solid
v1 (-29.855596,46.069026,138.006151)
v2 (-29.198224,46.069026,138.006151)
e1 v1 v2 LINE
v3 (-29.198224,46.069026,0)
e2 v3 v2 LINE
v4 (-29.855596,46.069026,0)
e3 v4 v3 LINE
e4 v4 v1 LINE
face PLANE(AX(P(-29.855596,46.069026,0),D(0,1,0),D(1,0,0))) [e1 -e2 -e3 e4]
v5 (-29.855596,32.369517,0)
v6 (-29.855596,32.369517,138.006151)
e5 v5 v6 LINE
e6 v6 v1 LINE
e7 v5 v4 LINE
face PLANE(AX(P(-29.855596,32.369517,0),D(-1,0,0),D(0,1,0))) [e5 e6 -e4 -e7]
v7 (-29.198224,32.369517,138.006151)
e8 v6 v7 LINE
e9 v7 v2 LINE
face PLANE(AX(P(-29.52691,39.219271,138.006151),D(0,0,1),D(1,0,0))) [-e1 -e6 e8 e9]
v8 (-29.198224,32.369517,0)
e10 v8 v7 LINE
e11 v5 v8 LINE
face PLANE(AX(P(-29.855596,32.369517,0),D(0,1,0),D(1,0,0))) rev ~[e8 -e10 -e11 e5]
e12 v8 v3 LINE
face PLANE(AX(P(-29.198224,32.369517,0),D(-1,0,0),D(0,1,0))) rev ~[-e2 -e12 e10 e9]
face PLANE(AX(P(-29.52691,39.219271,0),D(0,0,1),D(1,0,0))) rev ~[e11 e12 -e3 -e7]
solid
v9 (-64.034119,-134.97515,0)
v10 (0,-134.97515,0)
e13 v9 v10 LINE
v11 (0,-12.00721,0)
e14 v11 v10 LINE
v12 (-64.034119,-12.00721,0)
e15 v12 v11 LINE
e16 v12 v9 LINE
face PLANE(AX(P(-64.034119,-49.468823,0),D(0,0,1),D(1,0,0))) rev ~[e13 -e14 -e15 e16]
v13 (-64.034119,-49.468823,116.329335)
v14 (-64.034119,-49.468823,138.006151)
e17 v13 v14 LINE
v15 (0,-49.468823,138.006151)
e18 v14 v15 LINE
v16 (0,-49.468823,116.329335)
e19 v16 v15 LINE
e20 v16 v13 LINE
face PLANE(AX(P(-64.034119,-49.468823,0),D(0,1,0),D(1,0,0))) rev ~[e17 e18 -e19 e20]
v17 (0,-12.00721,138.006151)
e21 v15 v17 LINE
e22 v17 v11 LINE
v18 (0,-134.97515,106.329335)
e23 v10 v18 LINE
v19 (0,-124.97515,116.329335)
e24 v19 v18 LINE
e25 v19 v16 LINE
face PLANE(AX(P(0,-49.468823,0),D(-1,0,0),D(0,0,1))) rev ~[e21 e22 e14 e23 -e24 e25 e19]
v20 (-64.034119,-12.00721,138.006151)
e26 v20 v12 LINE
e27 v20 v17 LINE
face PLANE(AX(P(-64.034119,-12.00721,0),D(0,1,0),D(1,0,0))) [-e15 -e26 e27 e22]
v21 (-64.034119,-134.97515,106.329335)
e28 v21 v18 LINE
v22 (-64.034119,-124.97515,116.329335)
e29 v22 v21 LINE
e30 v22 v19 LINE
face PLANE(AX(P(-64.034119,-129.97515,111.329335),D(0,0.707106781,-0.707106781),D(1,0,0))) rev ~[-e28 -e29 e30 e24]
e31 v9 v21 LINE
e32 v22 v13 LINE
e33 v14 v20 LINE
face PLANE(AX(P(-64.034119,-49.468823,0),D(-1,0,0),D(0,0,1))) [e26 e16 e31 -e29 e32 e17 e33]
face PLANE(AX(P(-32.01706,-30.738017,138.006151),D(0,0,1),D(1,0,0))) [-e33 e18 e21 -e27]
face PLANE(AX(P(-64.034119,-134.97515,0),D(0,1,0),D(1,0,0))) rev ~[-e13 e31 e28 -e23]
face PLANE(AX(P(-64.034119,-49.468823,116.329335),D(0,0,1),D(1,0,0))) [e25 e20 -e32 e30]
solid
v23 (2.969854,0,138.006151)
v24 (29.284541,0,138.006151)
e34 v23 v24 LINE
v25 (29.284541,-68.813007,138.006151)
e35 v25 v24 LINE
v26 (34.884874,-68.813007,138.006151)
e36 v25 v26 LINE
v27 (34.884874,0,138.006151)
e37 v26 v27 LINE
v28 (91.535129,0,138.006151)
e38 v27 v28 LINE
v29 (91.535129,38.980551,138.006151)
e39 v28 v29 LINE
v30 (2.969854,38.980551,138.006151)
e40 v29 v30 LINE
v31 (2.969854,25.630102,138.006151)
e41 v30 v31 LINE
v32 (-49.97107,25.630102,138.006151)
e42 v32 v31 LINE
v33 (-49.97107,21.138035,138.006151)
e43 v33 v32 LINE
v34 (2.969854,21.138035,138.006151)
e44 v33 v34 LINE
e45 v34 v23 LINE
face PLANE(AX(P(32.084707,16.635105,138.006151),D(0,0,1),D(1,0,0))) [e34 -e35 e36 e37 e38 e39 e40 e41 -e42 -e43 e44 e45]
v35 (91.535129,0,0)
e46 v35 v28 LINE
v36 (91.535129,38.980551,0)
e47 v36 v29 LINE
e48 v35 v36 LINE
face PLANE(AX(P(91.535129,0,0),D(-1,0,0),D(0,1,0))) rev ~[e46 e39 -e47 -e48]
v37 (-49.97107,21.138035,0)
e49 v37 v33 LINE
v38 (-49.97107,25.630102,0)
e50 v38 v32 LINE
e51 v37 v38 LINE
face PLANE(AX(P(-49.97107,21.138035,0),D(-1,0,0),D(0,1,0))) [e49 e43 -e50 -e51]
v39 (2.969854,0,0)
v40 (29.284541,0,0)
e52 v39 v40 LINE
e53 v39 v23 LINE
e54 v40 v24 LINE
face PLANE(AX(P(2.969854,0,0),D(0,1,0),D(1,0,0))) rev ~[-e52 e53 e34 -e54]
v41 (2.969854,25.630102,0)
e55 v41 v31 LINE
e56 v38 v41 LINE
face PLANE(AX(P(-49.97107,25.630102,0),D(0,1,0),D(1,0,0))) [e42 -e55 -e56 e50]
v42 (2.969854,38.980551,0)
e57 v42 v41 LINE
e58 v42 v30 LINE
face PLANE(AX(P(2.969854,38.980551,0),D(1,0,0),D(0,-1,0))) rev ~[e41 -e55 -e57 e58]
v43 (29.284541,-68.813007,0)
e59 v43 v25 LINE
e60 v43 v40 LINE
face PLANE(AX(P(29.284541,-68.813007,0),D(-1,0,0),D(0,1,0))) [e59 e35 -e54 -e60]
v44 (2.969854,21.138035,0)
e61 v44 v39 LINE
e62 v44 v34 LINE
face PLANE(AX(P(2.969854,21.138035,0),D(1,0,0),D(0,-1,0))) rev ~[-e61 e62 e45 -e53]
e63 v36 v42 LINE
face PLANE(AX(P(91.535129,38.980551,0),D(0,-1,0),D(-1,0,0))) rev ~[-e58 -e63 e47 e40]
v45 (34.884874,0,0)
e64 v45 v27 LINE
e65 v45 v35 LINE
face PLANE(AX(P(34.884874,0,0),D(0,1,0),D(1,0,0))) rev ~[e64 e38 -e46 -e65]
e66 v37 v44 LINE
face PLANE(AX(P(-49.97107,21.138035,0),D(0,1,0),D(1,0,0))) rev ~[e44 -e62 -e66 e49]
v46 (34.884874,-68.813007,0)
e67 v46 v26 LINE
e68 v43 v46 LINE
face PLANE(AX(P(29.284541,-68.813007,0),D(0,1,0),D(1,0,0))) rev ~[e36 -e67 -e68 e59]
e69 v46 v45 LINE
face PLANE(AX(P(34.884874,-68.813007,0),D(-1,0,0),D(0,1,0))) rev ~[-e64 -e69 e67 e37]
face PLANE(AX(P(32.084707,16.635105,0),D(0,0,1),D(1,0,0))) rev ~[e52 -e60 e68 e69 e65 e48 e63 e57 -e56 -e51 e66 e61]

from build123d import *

# Parameters (mm, degrees)
F0_W     = 64.0341192484
F0_H     = 37.4616123736
F1_DEPTH = 116.3293346763
F2_DEPTH = 85.5063274503
F3_SIZE  = 10
F0_W_2   = 5.6003332138
F0_H_2   = 33.2702100277
F0_H_3   = 68.8130073249
F0_W_3   = 23.4771911055
F0_H_4   = 4.4920668006
F0_W_4   = 52.9409237206
F4_DEPTH = 138.0061507225
F0_W_5   = 0.6573721766
F0_H_5   = 13.6995092034


with BuildPart() as f1:
    # F0 (on Top) → F1 (new body)
    with BuildSketch(Plane.XY):
        with Locations((-32.0170596242, -30.7380165905)):
            Rectangle(F0_W, F0_H)
    extrude(amount=F1_DEPTH)

    # F2 (add): a face of the model
    f2_faces = [f1.faces().sort_by_distance(p)[0] for p in [
        (-32.0170596242, -49.4688227773, 58.1646673381),
    ]]
    extrude(f2_faces, amount=F2_DEPTH)

    # F3
    f3_edges = [f1.edges().sort_by_distance(p)[0] for p in [
        (-32.01706, -134.97515, 116.329335),
    ]]
    chamfer(f3_edges, length=F3_SIZE)

    # F0 (on Top) → F4, piece 3 (join)
    with BuildSketch(Plane.XY):
        with Locations((-32.0170596242, -30.7380165905)):
            Rectangle(F0_W, F0_H)
    extrude(amount=F4_DEPTH)


with BuildPart() as f4:
    # F0 (on Top) → F4 (new body)
    with BuildSketch(Plane.XY):
        with Locations((32.0847071707, 16.6351050138)):
            Rectangle(F0_W_2, F0_H_2)
        Polygon((29.2845405638, 33.2702100277), (34.8848737776, 33.2702100277), (34.8848737776, 0), (91.535128653, 0), (91.535128653, 38.980551064), (2.96985358, 38.980551064), (2.96985358, 25.6301015615), (26.4470446855, 25.6301015615), (26.4470446855, 21.138034761), (2.96985358, 21.138034761), (2.96985358, 0), (29.2845405638, 0), align=None)
        with Locations((32.0847071707, -34.4065036625)):
            Rectangle(F0_W_2, F0_H_3)
        with Locations((14.7084491327, 23.3840681612)):
            Rectangle(F0_W_3, F0_H_4)
        with Locations((-23.5006082803, 23.3840681612)):
            Rectangle(F0_W_4, F0_H_4)
    extrude(amount=F4_DEPTH)


with BuildPart() as f4b:
    # F0 (on Top) → F4, piece 2 (new body)
    with BuildSketch(Plane.XY):
        with Locations((-29.5269098133, 39.2192713916)):
            Rectangle(F0_W_5, F0_H_5)
    extrude(amount=F4_DEPTH)


solid = Compound([f1.part, f4.part, f4b.part])
